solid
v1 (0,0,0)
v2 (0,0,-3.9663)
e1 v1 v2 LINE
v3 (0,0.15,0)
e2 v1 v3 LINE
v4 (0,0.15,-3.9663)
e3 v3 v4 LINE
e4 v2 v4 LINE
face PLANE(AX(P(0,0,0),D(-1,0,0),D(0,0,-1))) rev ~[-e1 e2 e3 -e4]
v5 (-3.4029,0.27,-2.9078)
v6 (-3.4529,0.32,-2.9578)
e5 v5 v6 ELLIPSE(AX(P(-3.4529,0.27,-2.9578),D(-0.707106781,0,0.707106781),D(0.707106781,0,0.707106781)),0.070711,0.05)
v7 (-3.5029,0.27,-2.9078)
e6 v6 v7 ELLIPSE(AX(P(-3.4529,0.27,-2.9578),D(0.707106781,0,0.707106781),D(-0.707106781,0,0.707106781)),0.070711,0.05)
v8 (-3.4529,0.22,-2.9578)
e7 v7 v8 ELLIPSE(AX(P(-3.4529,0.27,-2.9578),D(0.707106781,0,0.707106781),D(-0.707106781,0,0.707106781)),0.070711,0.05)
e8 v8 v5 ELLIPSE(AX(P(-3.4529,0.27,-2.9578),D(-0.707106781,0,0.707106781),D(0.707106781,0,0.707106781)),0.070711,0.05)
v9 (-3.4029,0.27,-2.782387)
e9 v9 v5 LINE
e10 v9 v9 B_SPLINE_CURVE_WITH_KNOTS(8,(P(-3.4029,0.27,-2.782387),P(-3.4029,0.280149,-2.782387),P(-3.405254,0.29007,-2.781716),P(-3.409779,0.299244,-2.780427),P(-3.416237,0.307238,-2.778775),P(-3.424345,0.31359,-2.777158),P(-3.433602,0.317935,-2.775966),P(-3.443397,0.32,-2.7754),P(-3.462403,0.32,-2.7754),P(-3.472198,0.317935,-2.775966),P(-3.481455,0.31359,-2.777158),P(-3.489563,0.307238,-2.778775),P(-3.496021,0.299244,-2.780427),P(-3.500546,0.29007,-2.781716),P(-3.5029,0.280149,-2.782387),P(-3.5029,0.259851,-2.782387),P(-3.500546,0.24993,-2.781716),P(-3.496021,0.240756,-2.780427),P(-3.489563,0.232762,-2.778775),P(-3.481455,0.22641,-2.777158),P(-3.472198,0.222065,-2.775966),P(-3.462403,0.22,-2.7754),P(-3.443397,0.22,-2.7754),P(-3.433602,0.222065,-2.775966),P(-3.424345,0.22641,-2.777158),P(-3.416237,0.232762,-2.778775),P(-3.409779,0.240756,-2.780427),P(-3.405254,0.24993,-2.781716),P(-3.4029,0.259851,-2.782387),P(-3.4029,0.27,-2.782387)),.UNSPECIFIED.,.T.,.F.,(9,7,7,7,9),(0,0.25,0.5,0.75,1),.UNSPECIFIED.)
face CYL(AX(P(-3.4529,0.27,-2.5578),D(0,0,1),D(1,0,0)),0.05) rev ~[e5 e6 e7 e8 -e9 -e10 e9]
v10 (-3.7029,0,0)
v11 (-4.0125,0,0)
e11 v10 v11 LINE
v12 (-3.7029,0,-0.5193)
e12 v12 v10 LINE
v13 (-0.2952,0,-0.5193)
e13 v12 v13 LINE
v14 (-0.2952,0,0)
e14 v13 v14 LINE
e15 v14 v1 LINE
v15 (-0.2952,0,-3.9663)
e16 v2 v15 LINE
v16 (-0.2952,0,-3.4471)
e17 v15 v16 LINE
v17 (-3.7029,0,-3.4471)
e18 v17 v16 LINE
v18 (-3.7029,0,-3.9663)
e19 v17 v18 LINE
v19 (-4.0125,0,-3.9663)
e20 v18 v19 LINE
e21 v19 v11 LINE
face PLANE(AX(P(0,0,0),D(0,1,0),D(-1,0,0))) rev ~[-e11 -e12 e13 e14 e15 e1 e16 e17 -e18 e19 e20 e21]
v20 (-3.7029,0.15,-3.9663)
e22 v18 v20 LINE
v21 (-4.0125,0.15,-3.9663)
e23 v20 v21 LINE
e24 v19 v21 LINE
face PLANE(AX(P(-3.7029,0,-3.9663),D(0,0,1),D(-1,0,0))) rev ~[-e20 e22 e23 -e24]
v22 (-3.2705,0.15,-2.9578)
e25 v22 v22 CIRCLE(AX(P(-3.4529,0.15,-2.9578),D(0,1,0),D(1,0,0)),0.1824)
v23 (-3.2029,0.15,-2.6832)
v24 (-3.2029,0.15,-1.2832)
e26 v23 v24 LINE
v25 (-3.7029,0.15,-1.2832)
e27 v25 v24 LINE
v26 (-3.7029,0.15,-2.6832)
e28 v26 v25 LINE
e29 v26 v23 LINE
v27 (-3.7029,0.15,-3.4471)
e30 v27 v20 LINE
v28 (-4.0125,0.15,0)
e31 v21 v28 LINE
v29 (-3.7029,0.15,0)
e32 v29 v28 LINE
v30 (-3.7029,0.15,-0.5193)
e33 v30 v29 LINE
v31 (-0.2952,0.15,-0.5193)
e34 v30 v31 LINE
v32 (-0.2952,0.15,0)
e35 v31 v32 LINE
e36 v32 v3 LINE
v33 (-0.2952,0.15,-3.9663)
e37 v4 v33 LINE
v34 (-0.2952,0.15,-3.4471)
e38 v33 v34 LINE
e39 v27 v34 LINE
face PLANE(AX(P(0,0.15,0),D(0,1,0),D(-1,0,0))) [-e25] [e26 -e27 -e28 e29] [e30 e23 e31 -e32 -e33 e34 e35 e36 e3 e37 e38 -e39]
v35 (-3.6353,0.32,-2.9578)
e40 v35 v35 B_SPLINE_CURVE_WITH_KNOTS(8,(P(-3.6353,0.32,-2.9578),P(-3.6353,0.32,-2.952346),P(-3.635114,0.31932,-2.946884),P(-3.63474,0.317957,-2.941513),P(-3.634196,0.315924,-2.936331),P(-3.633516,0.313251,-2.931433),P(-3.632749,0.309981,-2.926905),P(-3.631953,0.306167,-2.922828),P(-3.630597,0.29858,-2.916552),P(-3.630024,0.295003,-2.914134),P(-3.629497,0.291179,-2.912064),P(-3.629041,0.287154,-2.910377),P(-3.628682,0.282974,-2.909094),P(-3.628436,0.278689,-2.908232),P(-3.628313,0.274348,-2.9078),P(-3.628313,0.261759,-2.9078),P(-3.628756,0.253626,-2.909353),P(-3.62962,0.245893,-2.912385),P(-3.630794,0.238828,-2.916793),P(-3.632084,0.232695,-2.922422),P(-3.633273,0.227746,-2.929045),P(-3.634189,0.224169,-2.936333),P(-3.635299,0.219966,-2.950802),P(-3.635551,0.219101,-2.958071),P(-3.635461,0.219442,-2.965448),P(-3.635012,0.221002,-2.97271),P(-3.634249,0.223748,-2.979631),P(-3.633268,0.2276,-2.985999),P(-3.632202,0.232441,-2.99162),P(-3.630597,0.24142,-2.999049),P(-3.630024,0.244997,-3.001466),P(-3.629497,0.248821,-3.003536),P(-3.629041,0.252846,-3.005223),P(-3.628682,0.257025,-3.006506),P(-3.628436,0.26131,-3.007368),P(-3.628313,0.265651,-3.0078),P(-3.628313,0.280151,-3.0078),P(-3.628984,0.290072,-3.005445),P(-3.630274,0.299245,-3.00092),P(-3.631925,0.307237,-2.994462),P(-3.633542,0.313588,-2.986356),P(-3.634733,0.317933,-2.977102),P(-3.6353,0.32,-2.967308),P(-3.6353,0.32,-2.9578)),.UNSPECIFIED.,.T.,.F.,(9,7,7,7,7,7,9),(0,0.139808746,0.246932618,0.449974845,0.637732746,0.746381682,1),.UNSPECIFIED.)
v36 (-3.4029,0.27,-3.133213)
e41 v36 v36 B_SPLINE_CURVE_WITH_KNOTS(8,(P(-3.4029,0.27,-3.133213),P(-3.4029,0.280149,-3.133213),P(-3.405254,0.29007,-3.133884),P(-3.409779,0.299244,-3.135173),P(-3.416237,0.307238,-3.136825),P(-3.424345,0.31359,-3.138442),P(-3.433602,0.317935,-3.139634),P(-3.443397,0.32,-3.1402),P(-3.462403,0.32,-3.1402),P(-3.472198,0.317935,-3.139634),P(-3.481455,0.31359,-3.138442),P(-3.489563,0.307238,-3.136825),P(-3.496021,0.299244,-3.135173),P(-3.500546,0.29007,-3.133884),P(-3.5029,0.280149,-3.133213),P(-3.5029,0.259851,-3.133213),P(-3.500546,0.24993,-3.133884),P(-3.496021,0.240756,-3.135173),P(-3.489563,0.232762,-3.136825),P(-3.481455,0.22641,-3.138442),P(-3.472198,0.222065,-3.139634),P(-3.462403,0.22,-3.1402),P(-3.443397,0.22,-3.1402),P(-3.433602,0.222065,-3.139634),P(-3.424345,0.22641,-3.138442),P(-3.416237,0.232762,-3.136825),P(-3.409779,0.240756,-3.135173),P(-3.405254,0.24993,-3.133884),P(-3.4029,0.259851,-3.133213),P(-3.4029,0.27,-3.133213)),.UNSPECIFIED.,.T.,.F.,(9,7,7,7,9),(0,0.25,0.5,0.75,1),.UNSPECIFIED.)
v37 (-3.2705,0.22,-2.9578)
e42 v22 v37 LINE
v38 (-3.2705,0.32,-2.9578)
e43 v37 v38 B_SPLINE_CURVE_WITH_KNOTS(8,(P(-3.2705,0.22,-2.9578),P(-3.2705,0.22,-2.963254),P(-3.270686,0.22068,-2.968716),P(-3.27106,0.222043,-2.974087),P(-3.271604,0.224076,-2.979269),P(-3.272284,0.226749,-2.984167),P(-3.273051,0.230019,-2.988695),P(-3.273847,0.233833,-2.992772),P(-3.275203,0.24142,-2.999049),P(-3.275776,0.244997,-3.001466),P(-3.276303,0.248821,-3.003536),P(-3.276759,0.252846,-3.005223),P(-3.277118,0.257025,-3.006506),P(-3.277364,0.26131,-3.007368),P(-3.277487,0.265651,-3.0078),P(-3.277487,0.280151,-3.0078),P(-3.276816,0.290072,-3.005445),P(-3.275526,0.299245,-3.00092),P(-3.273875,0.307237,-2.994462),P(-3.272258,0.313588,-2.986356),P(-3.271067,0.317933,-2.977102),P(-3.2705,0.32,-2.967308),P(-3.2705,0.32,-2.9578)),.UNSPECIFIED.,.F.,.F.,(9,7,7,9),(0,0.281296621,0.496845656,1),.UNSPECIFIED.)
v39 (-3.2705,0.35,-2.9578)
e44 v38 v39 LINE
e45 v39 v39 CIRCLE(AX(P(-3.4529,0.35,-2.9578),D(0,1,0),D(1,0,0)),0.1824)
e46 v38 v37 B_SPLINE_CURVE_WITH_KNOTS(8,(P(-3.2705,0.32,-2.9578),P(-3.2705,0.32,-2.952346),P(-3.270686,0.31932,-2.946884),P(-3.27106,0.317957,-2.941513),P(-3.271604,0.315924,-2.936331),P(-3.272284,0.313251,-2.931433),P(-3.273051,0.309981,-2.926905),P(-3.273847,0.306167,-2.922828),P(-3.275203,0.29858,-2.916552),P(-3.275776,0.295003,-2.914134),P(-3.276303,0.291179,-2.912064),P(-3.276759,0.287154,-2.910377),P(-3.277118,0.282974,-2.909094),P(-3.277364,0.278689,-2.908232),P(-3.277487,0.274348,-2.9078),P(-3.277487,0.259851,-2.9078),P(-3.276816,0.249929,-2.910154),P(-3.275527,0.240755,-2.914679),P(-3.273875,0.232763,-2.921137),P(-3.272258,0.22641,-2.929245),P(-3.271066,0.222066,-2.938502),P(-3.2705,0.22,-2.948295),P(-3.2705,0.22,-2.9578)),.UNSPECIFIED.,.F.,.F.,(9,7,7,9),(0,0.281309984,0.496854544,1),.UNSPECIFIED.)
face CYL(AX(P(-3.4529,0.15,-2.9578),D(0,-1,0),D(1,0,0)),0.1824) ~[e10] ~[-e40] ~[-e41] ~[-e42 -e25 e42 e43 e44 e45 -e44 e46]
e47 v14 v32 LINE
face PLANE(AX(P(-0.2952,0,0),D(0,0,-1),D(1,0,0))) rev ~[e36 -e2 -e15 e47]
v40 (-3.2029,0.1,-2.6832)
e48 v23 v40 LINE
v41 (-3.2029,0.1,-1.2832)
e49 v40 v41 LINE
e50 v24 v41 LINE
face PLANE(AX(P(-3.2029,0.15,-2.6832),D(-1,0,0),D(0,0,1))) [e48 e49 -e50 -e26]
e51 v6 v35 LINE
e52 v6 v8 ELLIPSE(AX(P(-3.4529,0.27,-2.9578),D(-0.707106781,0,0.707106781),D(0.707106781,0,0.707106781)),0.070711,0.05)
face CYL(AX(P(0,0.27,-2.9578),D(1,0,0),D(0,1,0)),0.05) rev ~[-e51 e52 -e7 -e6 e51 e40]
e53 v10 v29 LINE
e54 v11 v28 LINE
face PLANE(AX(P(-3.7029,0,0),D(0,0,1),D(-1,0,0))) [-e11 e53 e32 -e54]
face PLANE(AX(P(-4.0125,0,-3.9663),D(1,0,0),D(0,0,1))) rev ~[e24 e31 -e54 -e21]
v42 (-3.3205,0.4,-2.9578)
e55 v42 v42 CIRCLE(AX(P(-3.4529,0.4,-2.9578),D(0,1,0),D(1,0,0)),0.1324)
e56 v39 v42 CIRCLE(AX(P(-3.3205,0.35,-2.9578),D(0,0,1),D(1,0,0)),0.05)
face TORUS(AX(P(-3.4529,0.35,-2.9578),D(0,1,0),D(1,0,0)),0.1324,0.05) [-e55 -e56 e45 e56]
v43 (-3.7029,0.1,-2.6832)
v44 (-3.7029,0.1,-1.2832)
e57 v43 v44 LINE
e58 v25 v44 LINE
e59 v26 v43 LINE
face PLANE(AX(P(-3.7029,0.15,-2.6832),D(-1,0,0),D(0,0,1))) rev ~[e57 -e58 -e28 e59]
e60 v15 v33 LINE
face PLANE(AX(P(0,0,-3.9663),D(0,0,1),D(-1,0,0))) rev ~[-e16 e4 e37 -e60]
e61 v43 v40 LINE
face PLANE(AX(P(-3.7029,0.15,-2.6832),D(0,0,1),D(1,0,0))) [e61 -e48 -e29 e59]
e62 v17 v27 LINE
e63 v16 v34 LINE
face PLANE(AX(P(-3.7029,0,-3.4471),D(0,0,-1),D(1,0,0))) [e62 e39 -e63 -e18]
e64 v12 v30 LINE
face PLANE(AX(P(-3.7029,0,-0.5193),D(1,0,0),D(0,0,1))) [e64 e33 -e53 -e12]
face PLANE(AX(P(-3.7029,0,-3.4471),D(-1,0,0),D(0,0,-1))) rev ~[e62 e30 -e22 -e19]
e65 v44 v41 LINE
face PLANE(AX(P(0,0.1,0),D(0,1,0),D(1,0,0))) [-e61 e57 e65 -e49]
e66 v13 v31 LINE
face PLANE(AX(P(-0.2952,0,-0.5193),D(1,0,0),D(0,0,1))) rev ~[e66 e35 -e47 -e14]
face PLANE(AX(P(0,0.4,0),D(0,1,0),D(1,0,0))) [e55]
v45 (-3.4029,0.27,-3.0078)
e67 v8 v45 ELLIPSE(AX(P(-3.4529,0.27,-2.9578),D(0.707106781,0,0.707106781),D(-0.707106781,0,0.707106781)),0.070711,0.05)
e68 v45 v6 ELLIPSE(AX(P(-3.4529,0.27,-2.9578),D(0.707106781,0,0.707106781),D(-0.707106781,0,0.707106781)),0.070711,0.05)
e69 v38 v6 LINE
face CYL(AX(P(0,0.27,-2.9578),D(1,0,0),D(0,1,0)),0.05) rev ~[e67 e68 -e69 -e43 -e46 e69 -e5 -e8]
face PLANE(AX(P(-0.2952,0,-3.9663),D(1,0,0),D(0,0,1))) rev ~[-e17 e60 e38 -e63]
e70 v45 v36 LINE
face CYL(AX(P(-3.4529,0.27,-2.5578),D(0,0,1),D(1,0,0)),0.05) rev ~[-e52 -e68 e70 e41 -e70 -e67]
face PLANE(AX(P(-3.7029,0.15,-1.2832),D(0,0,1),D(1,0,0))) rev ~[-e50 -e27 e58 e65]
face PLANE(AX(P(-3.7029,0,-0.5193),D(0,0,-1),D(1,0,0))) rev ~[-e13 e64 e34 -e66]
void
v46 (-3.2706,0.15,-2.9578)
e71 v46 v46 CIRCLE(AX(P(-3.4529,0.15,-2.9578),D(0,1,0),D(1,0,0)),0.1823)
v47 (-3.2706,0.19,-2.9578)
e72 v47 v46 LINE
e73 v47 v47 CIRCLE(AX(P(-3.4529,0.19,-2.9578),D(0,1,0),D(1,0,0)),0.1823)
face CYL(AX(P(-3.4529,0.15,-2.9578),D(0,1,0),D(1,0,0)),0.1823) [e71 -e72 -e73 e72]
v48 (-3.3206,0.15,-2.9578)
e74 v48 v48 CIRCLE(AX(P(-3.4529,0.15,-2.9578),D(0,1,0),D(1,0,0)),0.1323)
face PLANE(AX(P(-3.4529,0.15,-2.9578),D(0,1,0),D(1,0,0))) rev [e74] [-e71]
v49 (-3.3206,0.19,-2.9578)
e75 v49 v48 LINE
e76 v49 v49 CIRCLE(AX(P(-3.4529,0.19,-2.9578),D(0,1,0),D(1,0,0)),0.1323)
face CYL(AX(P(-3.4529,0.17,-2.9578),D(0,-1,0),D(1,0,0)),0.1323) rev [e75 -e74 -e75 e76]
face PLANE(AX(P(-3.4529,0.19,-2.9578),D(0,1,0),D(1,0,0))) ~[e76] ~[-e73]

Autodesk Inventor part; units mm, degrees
ref_plane "YZ Plane" through (0, 0, 0) normal (1, 0, 0) x (0, 1, 0)
ref_plane "XZ Plane" through (0, 0, 0) normal (0, 1, 0) x (-1, 0, 0)
sketch "Boceto1" plane through (0, 0, 0) normal (0, 1, 0) x (-1, 0, 0)
  line L0 (3.7029, -0.5193) -> (0.2952, -0.5193)
  line L1 (3.7029, -3.4471) -> (0.2952, -3.4471)
  line L2 (3.7029, -0.5193) -> (3.7029, 0)
  line L3 (3.7029, 0) -> (5.1802, 0)
  line L4 (3.7029, -3.4471) -> (3.7029, -3.9663)
  line L5 (3.7029, -3.9663) -> (5.1802, -3.9663)
  line L6 (4.0125, -3.9663) -> (4.0125, 0)
  line L7 (5.1802, -3.9663) -> (5.1802, 0)
  line L8 (0.2952, -0.5193) -> (0.2952, 0)
  line L9 (0.2952, 0) -> (0, 0)
  line L10 (0, 0) -> (-1.1677, 0)
  line L11 (-1.1677, 0) -> (-1.1677, -3.9663)
  line L12 (-1.1677, -3.9663) -> (0, -3.9663)
  line L13 (0, -3.9663) -> (0.2952, -3.9663)
  line L14 (0.2952, -3.9663) -> (0.2952, -3.4471)
  line L15 (0, 0) -> (0, -3.9663)
  line L16 (3.7029, -2.6832) -> (3.7029, -1.2832)
  line L17 (3.7029, -2.6832) -> (3.2029, -2.6832)
  line L18 (3.2029, -2.6832) -> (3.2029, -1.2832)
  line L19 (3.7029, -1.2832) -> (3.2029, -1.2832)
  line L20 (3.3553, -1.6053) -> (3.5807, -1.6053)
  line L21 (3.5807, -1.6053) -> (3.5807, -2.361)
  line L22 (3.5807, -2.361) -> (3.3553, -2.361)
  line L23 (3.3553, -2.361) -> (3.3553, -1.6053)
  circle A0 centre (3.4529, -2.9578) radius 0.1824
  line L24 (0.2952, -3.9663) -> (3.7029, -3.9663)
  line L25 (0.2952, 0) -> (3.7029, 0)
  point P0 (0, 0)
extrude "Extrusión1" add sketch "Boceto1" along normal blind 0.15 contours L2 L3 L6 L5 L4 L1 L14 L13 L15 L9 L8 L0 | L17 L18 L19 L16 | L20 L21 L22 L23 | A0
sketch "Boceto2" plane through (0, 0.15, 0) normal (0, 1, 0) x (1, 0, 0)
  line L0 (-3.7029, 0.5193) -> (-0.2952, 0.5193)
  line L1 (-3.7029, 3.4471) -> (-0.2952, 3.4471)
  line L2 (-3.7029, 0.5193) -> (-3.7029, 0)
  line L3 (-3.7029, 0) -> (-5.1802, 0)
  line L4 (-3.7029, 3.4471) -> (-3.7029, 3.9663)
  line L5 (-3.7029, 3.9663) -> (-5.1802, 3.9663)
  line L6 (-4.0125, 3.9663) -> (-4.0125, 0)
  line L7 (-5.1802, 3.9663) -> (-5.1802, 0)
  line L8 (-0.2952, 0.5193) -> (-0.2952, 0)
  line L9 (-0.2952, 0) -> (0, 0)
  line L10 (0, 0) -> (1.1677, 0)
  line L11 (1.1677, 0) -> (1.1677, 3.9663)
  line L12 (1.1677, 3.9663) -> (0, 3.9663)
  line L13 (0, 3.9663) -> (-0.2952, 3.9663)
  line L14 (-0.2952, 3.9663) -> (-0.2952, 3.4471)
  line L15 (0, 0) -> (0, 3.9663)
  line L16 (-3.7029, 2.6832) -> (-3.7029, 1.2832)
  line L17 (-3.7029, 2.6832) -> (-3.2029, 2.6832)
  line L18 (-3.2029, 2.6832) -> (-3.2029, 1.2832)
  line L19 (-3.7029, 1.2832) -> (-3.2029, 1.2832)
  line L20 (-3.3553, 1.6053) -> (-3.5807, 1.6053)
  line L21 (-3.5807, 1.6053) -> (-3.5807, 2.361)
  line L22 (-3.5807, 2.361) -> (-3.3553, 2.361)
  line L23 (-3.3553, 2.361) -> (-3.3553, 1.6053)
  circle A0 centre (-3.4529, 2.9578) radius 0.1824
  line L24 (-0.2952, 3.9663) -> (-3.7029, 3.9663)
  line L25 (-0.2952, 0) -> (-3.7029, 0)
  line L26 (-3.7029, 0.5193) -> (-0.2952, 0.5193) projected
  line L27 (-0.2952, 0.5193) -> (-0.2952, 0) projected
  line L28 (-0.2952, 0) -> (0, 0) projected
  line L29 (0, 0) -> (0, 3.9663) projected
  line L30 (0, 3.9663) -> (-0.2952, 3.9663) projected
  line L31 (-0.2952, 3.9663) -> (-0.2952, 3.4471) projected
  line L32 (-0.2952, 3.4471) -> (-3.7029, 3.4471) projected
  line L33 (-3.7029, 3.4471) -> (-3.7029, 3.9663) projected
  line L34 (-3.7029, 3.9663) -> (-4.0125, 3.9663) projected
  line L35 (-4.0125, 3.9663) -> (-4.0125, 0) projected
  line L36 (-4.0125, 0) -> (-3.7029, 0) projected
  line L37 (-3.7029, 0) -> (-3.7029, 0.5193) projected
  point P0 (0, 0)
extrude "Extrusión2" cut sketch "Boceto2" against normal blind 0.05 contours L17 L18 L19 L16 | L20 L21 L22 L23
sketch "Boceto3" plane through (0, 0.15, 0) normal (0, 1, 0) x (1, 0, 0)
  line L0 (-3.7029, 0.5193) -> (-0.2952, 0.5193)
  line L1 (-3.7029, 3.4471) -> (-0.2952, 3.4471)
  line L2 (-3.7029, 0.5193) -> (-3.7029, 0)
  line L3 (-3.7029, 0) -> (-5.1802, 0)
  line L4 (-3.7029, 3.4471) -> (-3.7029, 3.9663)
  line L5 (-3.7029, 3.9663) -> (-5.1802, 3.9663)
  line L6 (-4.0125, 3.9663) -> (-4.0125, 0)
  line L7 (-5.1802, 3.9663) -> (-5.1802, 0)
  line L8 (-0.2952, 0.5193) -> (-0.2952, 0)
  line L9 (-0.2952, 0) -> (0, 0)
  line L10 (0, 0) -> (1.1677, 0)
  line L11 (1.1677, 0) -> (1.1677, 3.9663)
  line L12 (1.1677, 3.9663) -> (0, 3.9663)
  line L13 (0, 3.9663) -> (-0.2952, 3.9663)
  line L14 (-0.2952, 3.9663) -> (-0.2952, 3.4471)
  line L15 (0, 0) -> (0, 3.9663)
  line L16 (-3.7029, 2.6832) -> (-3.7029, 1.2832)
  line L17 (-3.7029, 2.6832) -> (-3.2029, 2.6832)
  line L18 (-3.2029, 2.6832) -> (-3.2029, 1.2832)
  line L19 (-3.7029, 1.2832) -> (-3.2029, 1.2832)
  line L20 (-3.3553, 1.6053) -> (-3.5807, 1.6053)
  line L21 (-3.5807, 1.6053) -> (-3.5807, 2.361)
  line L22 (-3.5807, 2.361) -> (-3.3553, 2.361)
  line L23 (-3.3553, 2.361) -> (-3.3553, 1.6053)
  circle A0 centre (-3.4529, 2.9578) radius 0.1824
  line L24 (-0.2952, 3.9663) -> (-3.7029, 3.9663)
  line L25 (-0.2952, 0) -> (-3.7029, 0)
  line L26 (-3.2029, 1.2832) -> (-3.7029, 1.2832) projected
  line L27 (-3.7029, 1.2832) -> (-3.7029, 2.6832) projected
  line L28 (-3.7029, 2.6832) -> (-3.2029, 2.6832) projected
  line L29 (-3.2029, 2.6832) -> (-3.2029, 1.2832) projected
  line L30 (-3.7029, 0.5193) -> (-0.2952, 0.5193) projected
  line L31 (-0.2952, 0.5193) -> (-0.2952, 0) projected
  line L32 (-0.2952, 0) -> (0, 0) projected
  line L33 (0, 0) -> (0, 3.9663) projected
  line L34 (0, 3.9663) -> (-0.2952, 3.9663) projected
  line L35 (-0.2952, 3.9663) -> (-0.2952, 3.4471) projected
  line L36 (-0.2952, 3.4471) -> (-3.7029, 3.4471) projected
  line L37 (-3.7029, 3.4471) -> (-3.7029, 3.9663) projected
  line L38 (-3.7029, 3.9663) -> (-4.0125, 3.9663) projected
  line L39 (-4.0125, 3.9663) -> (-4.0125, 0) projected
  line L40 (-4.0125, 0) -> (-3.7029, 0) projected
  line L41 (-3.7029, 0) -> (-3.7029, 0.5193) projected
  point P0 (0, 0)
extrude "Extrusión3" add sketch "Boceto3" along normal blind 0.25 contours A0
fillet "Empalme1" radius 0.05 1 edges at (-3.6353, 0.4, -2.9578)
ref_plane "Plano de trabajo1" through (0, 0, -2.9578) normal (0, 0, 1) x (1, 0, 0)
sketch "Boceto4" plane through (0, 0, -2.9578) normal (0, 0, 1) x (1, 0, 0)
  line L0 (-3.6353, 0.15) -> (-3.2706, 0.15) projected
  line L1 (-3.2706, 0.35) -> (-3.6353, 0.35) projected
  line L2 (-3.2706, 0.15) -> (-3.2706, 0.17)
  line L3 (-3.2706, 0.15) -> (-3.2706, 0.35) projected
  line L4 (-3.3206, 0.17) -> (-3.3206, 0.15)
  line L5 (-3.6353, 0.15) -> (-3.2706, 0.15) projected
  line L6 (-3.2706, 0.15) -> (-3.3206, 0.15)
  line L7 (-3.4529, 0.35) -> (-3.4529, 0.5679)
  line L8 (-3.3206, 0.17) -> (-3.3206, 0.19)
  line L9 (-3.3206, 0.19) -> (-3.2706, 0.19)
  line L10 (-3.2706, 0.19) -> (-3.2706, 0.15)
  point P0 (0, 0)
  dimension "d9" = 0.05
  dimension "d10" = 0.02
revolve "Revolución1" cut sketch "Boceto4" angle 360 about axis through (-3.4529, 0.35, -2.9578) along (0, 1, 0)
ref_plane "Plano de trabajo2" through (0, 0, -2.5578) normal (0, 0, 1) x (1, 0, 0)
sketch "Boceto5" plane through (0, 0, -2.5578) normal (0, 0, 1) x (1, 0, 0)
  line L0 (-3.2706, 0.19) -> (-3.6353, 0.19) projected
  line L1 (-3.2706, 0.35) -> (-3.6353, 0.35) projected
  line L2 (-3.6353, 0.19) -> (-3.6353, 0.35) projected
  line L3 (-3.2706, 0.35) -> (-3.6353, 0.35) projected
  line L4 (-3.3206, 0.19) -> (-3.5853, 0.19) projected
  line L5 (-3.2706, 0.19) -> (-3.2706, 0.35) projected
  circle A0 centre (-3.4529, 0.27) radius 0.05
  point P0 (0, 0)
  dimension "d13" = 0.1
extrude "Extrusión4" cut sketch "Boceto5" against normal blind 25 contours A0
sketch "Boceto6" plane through (0, 0, 0) normal (1, 0, 0) x (0, 1, 0)
  line L0 (0.35, -3.1402) -> (0.35, -2.7755) projected
  line L1 (0.19, -2.7755) -> (0.35, -2.7755) projected
  line L2 (0.19, -3.0902) -> (0.19, -2.8254) projected
  circle A0 centre (0.27, -2.9578) radius 0.05
  point P0 (0, 0)
  dimension "d16" = 0.1
extrude "Extrusión5" cut sketch "Boceto6" against normal blind 25
properties part number "ET13"
